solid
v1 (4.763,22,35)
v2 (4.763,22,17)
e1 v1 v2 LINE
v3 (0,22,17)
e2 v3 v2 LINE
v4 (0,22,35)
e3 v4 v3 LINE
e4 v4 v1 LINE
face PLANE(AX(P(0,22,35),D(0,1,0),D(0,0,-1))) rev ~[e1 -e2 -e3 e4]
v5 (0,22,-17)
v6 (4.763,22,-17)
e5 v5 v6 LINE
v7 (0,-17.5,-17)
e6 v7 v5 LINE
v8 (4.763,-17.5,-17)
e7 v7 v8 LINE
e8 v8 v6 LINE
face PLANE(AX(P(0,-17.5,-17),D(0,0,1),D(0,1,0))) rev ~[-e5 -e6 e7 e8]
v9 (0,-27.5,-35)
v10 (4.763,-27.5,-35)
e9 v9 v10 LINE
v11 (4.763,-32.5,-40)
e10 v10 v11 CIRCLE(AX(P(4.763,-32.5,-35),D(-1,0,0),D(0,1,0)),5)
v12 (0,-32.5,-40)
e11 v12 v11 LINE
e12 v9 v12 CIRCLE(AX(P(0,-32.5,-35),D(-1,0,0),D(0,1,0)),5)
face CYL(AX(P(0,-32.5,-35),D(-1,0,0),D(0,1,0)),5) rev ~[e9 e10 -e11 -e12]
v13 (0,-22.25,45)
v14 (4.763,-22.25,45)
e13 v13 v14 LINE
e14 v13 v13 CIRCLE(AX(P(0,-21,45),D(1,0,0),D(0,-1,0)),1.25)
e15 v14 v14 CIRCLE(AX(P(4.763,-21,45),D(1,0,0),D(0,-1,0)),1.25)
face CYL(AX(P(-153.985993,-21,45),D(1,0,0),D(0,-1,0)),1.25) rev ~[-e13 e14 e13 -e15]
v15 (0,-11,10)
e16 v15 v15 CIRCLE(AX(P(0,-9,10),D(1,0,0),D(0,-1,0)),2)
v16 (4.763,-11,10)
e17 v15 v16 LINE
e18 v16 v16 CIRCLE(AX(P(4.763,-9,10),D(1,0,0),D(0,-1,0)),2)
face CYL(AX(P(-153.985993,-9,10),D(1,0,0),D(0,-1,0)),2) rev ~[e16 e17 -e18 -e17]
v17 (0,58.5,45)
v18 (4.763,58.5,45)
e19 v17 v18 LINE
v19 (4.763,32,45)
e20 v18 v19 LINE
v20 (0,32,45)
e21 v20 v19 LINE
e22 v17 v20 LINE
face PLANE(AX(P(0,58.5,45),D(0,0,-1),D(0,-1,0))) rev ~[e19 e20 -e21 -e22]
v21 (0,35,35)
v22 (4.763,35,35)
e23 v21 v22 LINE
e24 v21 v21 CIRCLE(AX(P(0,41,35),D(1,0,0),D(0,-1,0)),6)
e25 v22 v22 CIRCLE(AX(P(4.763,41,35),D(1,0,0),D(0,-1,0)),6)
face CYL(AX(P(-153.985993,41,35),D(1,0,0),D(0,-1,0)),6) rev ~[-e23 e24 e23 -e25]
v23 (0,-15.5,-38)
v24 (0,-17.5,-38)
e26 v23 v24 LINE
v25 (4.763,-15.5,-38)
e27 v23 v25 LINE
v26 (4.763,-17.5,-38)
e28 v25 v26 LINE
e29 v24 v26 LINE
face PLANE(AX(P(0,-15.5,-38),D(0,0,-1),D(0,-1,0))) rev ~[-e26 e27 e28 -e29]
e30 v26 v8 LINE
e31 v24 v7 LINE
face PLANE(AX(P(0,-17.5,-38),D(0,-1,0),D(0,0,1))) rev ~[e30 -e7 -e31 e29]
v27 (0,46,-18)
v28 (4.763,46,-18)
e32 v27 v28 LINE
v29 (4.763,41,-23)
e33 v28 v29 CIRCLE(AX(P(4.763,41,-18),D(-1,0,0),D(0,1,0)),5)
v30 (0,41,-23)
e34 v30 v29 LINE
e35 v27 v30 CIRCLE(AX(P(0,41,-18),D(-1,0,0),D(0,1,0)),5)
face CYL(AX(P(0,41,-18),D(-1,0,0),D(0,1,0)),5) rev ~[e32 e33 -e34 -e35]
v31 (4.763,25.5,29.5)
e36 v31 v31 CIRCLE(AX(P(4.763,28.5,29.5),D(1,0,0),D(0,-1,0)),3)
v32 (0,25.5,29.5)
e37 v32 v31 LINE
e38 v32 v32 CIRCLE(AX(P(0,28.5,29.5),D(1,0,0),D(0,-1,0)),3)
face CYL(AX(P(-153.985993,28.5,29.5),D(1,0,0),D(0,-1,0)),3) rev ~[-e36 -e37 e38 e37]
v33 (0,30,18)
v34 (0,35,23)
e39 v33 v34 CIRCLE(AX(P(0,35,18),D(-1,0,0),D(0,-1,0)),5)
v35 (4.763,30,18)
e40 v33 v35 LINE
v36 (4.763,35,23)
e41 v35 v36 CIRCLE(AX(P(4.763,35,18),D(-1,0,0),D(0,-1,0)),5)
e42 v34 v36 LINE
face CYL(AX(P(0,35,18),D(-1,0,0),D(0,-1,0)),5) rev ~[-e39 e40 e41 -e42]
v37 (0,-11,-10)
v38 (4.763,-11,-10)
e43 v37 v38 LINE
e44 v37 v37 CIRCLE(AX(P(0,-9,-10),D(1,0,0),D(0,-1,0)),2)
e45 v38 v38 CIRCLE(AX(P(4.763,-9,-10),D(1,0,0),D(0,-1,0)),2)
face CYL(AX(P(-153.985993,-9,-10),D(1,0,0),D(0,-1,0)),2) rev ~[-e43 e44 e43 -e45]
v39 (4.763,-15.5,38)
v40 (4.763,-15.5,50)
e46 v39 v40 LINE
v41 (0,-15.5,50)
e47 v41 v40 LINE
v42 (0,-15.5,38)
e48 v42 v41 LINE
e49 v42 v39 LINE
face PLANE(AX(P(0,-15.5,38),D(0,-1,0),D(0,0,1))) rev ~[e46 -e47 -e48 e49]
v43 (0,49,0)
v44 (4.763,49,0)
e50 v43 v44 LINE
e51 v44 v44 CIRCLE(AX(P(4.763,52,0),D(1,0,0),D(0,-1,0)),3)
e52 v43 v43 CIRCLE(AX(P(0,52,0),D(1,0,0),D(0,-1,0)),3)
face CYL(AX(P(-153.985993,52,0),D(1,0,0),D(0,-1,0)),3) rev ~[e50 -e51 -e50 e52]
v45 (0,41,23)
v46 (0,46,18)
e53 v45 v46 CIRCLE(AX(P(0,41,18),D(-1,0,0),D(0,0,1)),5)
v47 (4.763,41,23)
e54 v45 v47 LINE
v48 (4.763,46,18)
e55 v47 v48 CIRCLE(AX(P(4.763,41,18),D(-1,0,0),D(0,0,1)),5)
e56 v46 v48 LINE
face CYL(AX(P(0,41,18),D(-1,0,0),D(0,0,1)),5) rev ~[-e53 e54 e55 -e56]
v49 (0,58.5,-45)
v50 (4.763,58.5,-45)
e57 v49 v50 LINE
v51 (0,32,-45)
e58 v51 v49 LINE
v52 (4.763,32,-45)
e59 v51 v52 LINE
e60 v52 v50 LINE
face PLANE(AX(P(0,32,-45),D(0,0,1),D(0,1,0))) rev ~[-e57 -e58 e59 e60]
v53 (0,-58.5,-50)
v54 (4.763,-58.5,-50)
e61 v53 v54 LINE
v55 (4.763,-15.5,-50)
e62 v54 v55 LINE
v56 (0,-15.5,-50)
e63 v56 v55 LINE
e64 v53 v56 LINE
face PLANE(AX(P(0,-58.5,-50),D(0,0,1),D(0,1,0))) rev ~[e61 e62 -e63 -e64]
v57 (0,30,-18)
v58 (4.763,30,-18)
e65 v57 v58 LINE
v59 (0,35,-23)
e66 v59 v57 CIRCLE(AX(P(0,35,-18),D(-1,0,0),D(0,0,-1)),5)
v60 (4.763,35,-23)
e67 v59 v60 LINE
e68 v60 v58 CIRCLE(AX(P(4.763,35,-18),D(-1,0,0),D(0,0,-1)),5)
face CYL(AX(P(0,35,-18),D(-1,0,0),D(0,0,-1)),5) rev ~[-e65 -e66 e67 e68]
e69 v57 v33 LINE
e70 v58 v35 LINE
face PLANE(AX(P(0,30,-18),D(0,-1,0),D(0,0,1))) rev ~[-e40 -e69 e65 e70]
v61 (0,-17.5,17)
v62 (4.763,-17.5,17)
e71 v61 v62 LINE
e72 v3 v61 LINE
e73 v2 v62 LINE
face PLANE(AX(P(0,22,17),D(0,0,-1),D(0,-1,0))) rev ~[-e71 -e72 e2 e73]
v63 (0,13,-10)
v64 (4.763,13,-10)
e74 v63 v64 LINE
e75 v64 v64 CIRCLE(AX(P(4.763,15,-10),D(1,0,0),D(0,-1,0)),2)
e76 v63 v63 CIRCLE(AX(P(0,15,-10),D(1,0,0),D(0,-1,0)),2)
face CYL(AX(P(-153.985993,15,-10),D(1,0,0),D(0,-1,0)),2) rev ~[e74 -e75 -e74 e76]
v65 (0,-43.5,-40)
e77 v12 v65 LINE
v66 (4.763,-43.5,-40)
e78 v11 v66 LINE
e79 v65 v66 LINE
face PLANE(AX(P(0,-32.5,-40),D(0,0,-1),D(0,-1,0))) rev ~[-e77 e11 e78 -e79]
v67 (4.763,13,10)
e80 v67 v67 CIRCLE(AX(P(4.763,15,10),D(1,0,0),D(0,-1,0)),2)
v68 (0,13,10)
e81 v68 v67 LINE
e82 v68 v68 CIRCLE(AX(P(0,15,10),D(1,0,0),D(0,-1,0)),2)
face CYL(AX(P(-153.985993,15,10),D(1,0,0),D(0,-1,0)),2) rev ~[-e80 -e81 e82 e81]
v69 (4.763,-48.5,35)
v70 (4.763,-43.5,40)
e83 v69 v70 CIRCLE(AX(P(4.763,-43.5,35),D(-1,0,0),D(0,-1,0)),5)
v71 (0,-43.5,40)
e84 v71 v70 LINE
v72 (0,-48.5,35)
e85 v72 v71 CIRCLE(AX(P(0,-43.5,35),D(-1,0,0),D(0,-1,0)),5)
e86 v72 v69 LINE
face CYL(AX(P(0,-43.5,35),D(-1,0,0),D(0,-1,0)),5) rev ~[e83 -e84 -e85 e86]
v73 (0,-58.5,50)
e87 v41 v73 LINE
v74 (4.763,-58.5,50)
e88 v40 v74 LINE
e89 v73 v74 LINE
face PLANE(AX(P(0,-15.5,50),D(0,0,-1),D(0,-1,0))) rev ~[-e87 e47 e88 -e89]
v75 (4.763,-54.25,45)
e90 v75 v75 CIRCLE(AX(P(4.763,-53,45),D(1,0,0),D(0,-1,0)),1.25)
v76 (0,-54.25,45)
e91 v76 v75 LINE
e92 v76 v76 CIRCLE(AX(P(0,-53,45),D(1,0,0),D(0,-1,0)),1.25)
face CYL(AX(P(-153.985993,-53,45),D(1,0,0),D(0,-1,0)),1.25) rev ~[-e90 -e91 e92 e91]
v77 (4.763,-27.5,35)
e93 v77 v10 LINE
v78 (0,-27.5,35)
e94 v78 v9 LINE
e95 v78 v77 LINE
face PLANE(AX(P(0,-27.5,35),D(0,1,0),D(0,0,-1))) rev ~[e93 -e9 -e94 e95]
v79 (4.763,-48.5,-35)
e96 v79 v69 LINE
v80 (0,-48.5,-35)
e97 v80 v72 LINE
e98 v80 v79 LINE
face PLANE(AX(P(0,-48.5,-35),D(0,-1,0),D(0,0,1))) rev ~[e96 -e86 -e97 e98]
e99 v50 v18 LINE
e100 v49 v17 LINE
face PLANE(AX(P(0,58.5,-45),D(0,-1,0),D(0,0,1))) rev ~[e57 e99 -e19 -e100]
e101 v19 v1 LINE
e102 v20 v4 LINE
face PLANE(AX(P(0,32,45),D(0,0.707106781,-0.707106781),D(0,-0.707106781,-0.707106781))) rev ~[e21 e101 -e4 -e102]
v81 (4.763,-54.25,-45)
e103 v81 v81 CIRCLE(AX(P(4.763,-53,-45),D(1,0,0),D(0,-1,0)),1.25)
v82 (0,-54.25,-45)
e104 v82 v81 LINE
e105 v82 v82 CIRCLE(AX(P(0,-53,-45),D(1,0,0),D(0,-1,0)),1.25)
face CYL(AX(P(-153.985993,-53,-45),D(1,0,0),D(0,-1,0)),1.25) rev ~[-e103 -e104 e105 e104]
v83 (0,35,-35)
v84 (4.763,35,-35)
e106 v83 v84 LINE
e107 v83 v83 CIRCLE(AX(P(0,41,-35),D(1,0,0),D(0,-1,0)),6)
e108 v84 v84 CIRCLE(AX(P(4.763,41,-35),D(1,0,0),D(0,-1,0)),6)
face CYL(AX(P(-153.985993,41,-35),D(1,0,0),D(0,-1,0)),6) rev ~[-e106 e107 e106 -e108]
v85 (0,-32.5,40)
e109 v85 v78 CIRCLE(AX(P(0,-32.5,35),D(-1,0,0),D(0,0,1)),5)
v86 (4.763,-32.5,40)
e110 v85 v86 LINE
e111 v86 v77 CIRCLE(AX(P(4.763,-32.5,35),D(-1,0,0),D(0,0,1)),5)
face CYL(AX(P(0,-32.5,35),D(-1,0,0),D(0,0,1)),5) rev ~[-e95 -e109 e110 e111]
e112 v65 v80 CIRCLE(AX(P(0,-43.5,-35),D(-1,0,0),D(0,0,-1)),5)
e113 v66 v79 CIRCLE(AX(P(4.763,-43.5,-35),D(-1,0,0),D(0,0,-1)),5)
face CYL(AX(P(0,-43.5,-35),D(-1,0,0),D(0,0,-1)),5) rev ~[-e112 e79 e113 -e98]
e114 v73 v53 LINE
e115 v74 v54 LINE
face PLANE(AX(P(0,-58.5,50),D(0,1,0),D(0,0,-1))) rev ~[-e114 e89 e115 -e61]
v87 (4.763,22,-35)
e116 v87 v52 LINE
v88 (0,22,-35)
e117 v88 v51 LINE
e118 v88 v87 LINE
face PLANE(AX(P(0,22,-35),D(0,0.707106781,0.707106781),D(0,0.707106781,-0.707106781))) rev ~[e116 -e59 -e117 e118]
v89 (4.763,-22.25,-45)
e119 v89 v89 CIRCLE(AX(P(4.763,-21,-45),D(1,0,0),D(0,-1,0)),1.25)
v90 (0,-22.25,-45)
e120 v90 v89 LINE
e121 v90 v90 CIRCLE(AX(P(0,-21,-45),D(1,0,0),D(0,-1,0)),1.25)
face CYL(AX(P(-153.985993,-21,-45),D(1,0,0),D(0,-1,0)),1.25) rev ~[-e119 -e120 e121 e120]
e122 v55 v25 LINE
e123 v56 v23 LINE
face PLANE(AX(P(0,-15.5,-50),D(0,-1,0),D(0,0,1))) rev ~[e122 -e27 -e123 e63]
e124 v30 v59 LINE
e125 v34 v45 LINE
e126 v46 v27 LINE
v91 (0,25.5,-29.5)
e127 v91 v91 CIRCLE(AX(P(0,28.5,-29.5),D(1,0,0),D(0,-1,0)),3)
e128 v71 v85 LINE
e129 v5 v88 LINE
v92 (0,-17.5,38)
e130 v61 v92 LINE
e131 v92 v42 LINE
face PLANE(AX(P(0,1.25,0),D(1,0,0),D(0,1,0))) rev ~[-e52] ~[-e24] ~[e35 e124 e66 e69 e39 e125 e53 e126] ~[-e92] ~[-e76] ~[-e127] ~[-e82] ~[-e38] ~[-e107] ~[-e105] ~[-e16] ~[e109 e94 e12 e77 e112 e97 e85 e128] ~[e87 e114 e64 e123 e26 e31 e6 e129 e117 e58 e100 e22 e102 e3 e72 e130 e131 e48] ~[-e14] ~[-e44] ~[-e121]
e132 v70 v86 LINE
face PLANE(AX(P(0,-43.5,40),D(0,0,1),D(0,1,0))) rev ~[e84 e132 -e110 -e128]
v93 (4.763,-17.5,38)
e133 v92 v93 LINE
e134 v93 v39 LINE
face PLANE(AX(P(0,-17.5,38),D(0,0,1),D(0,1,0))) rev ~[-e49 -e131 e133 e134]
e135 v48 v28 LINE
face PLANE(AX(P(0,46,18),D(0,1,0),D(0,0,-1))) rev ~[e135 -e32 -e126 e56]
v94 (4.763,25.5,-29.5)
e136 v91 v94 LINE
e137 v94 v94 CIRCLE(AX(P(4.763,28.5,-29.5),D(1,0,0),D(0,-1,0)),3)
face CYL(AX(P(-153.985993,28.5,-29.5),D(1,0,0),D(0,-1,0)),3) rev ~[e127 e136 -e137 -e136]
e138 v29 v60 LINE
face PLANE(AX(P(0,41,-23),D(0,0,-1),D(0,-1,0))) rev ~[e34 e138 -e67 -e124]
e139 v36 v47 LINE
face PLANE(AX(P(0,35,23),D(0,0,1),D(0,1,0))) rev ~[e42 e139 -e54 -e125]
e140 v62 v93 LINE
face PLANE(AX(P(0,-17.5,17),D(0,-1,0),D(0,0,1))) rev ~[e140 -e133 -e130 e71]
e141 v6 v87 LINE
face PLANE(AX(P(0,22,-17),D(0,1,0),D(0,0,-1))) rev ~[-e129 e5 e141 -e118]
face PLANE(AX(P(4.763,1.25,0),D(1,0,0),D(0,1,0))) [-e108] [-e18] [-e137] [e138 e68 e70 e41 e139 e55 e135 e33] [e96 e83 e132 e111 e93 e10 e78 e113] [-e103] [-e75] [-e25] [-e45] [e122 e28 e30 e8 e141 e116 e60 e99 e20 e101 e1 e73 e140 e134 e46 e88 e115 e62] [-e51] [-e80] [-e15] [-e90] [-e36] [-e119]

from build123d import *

# Parameters (mm, degrees)
F1_DEPTH = 4.763
F2_D     = 2.5
F3_D     = 4
F4_D     = 6
F5_D     = 12


with BuildPart() as f1:
    # F0 (on Right) → F1 (new body)
    with BuildSketch(Plane.YZ):
        Polygon((30, 17), (22, 17), (-17.5, 17), (-27.5, 17), (-27.5, 0), (-27.5, -17), (-17.5, -17), (22, -17), (30, -17), (30, 0), align=None)
        with BuildLine():
            Line((22, 35), (22, 17))
            Line((22, 17), (30, 17))
            Line((30, 17), (30, 18))
            ThreePointArc((30, 18), (31.4644660941, 21.5355339059), (35, 23))
            Line((35, 23), (41, 23))
            ThreePointArc((41, 23), (44.5355339059, 21.5355339059), (46, 18))
            Line((46, 18), (46, 17))
            Line((46, 17), (58.5, 17))
            Line((58.5, 17), (58.5, 45))
            Line((58.5, 45), (32, 45))
            Line((32, 45), (22, 35))
        make_face()
        with BuildLine():
            Line((-27.5, 17), (-17.5, 17))
            Line((-17.5, 17), (-17.5, 38))
            Line((-17.5, 38), (-15.5, 38))
            Line((-15.5, 38), (-15.5, 50))
            Line((-15.5, 50), (-21, 50))
            Line((-21, 50), (-53, 50))
            Line((-53, 50), (-58.5, 50))
            Line((-58.5, 50), (-58.5, 38))
            Line((-58.5, 38), (-58.5, 17))
            Line((-58.5, 17), (-48.5, 17))
            Line((-48.5, 17), (-48.5, 35))
            ThreePointArc((-48.5, 35), (-47.0355339059, 38.5355339059), (-43.5, 40))
            Line((-43.5, 40), (-32.5, 40))
            ThreePointArc((-32.5, 40), (-28.9644660941, 38.5355339059), (-27.5, 35))
            Line((-27.5, 35), (-27.5, 17))
        make_face()
        Polygon((58.5, 17), (46, 17), (46, 0), (46, -17), (58.5, -17), align=None)
        Polygon((-48.5, 0), (-48.5, 17), (-58.5, 17), (-58.5, -17), (-48.5, -17), align=None)
        with BuildLine():
            Line((30, -18), (30, -17))
            Line((30, -17), (22, -17))
            Line((22, -17), (22, -35))
            Line((22, -35), (32, -45))
            Line((32, -45), (58.5, -45))
            Line((58.5, -45), (58.5, -17))
            Line((58.5, -17), (46, -17))
            Line((46, -17), (46, -18))
            ThreePointArc((46, -18), (44.5355339059, -21.5355339059), (41, -23))
            Line((41, -23), (35, -23))
            ThreePointArc((35, -23), (31.4644660941, -21.5355339059), (30, -18))
        make_face()
        with BuildLine():
            Line((-17.5, -17), (-27.5, -17))
            Line((-27.5, -17), (-27.5, -35))
            ThreePointArc((-27.5, -35), (-28.9644660941, -38.5355339059), (-32.5, -40))
            Line((-32.5, -40), (-43.5, -40))
            ThreePointArc((-43.5, -40), (-47.0355339059, -38.5355339059), (-48.5, -35))
            Line((-48.5, -35), (-48.5, -17))
            Line((-48.5, -17), (-58.5, -17))
            Line((-58.5, -17), (-58.5, -38))
            Line((-58.5, -38), (-58.5, -50))
            Line((-58.5, -50), (-53, -50))
            Line((-53, -50), (-21, -50))
            Line((-21, -50), (-15.5, -50))
            Line((-15.5, -50), (-15.5, -38))
            Line((-15.5, -38), (-17.5, -38))
            Line((-17.5, -38), (-17.5, -17))
        make_face()
    extrude(amount=F1_DEPTH)

    # F2 (through all)
    with Locations(Plane(origin=(0, 0, 0), x_dir=(0, 1, 0), z_dir=(-1, 0, 0))):
        with Locations((-53, -45), (-21, -45), (-21, 45), (-53, 45)):
            Hole(F2_D / 2)

    # F3 (through all)
    with Locations(Plane(origin=(0, 0, 0), x_dir=(0, 1, 0), z_dir=(-1, 0, 0))):
        with Locations((-9, -10), (15, -10), (15, 10), (-9, 10)):
            Hole(F3_D / 2)

    # F4 (through all)
    with Locations(Plane(origin=(0, 0, 0), x_dir=(0, 1, 0), z_dir=(-1, 0, 0))):
        with Locations((52, 0), (28.5, 29.5), (28.5, -29.5)):
            Hole(F4_D / 2)

    # F5 (through all)
    with Locations(Plane(origin=(0, 0, 0), x_dir=(0, 1, 0), z_dir=(-1, 0, 0))):
        with Locations((41, -35), (41, 35)):
            Hole(F5_D / 2)


solid = f1.part
